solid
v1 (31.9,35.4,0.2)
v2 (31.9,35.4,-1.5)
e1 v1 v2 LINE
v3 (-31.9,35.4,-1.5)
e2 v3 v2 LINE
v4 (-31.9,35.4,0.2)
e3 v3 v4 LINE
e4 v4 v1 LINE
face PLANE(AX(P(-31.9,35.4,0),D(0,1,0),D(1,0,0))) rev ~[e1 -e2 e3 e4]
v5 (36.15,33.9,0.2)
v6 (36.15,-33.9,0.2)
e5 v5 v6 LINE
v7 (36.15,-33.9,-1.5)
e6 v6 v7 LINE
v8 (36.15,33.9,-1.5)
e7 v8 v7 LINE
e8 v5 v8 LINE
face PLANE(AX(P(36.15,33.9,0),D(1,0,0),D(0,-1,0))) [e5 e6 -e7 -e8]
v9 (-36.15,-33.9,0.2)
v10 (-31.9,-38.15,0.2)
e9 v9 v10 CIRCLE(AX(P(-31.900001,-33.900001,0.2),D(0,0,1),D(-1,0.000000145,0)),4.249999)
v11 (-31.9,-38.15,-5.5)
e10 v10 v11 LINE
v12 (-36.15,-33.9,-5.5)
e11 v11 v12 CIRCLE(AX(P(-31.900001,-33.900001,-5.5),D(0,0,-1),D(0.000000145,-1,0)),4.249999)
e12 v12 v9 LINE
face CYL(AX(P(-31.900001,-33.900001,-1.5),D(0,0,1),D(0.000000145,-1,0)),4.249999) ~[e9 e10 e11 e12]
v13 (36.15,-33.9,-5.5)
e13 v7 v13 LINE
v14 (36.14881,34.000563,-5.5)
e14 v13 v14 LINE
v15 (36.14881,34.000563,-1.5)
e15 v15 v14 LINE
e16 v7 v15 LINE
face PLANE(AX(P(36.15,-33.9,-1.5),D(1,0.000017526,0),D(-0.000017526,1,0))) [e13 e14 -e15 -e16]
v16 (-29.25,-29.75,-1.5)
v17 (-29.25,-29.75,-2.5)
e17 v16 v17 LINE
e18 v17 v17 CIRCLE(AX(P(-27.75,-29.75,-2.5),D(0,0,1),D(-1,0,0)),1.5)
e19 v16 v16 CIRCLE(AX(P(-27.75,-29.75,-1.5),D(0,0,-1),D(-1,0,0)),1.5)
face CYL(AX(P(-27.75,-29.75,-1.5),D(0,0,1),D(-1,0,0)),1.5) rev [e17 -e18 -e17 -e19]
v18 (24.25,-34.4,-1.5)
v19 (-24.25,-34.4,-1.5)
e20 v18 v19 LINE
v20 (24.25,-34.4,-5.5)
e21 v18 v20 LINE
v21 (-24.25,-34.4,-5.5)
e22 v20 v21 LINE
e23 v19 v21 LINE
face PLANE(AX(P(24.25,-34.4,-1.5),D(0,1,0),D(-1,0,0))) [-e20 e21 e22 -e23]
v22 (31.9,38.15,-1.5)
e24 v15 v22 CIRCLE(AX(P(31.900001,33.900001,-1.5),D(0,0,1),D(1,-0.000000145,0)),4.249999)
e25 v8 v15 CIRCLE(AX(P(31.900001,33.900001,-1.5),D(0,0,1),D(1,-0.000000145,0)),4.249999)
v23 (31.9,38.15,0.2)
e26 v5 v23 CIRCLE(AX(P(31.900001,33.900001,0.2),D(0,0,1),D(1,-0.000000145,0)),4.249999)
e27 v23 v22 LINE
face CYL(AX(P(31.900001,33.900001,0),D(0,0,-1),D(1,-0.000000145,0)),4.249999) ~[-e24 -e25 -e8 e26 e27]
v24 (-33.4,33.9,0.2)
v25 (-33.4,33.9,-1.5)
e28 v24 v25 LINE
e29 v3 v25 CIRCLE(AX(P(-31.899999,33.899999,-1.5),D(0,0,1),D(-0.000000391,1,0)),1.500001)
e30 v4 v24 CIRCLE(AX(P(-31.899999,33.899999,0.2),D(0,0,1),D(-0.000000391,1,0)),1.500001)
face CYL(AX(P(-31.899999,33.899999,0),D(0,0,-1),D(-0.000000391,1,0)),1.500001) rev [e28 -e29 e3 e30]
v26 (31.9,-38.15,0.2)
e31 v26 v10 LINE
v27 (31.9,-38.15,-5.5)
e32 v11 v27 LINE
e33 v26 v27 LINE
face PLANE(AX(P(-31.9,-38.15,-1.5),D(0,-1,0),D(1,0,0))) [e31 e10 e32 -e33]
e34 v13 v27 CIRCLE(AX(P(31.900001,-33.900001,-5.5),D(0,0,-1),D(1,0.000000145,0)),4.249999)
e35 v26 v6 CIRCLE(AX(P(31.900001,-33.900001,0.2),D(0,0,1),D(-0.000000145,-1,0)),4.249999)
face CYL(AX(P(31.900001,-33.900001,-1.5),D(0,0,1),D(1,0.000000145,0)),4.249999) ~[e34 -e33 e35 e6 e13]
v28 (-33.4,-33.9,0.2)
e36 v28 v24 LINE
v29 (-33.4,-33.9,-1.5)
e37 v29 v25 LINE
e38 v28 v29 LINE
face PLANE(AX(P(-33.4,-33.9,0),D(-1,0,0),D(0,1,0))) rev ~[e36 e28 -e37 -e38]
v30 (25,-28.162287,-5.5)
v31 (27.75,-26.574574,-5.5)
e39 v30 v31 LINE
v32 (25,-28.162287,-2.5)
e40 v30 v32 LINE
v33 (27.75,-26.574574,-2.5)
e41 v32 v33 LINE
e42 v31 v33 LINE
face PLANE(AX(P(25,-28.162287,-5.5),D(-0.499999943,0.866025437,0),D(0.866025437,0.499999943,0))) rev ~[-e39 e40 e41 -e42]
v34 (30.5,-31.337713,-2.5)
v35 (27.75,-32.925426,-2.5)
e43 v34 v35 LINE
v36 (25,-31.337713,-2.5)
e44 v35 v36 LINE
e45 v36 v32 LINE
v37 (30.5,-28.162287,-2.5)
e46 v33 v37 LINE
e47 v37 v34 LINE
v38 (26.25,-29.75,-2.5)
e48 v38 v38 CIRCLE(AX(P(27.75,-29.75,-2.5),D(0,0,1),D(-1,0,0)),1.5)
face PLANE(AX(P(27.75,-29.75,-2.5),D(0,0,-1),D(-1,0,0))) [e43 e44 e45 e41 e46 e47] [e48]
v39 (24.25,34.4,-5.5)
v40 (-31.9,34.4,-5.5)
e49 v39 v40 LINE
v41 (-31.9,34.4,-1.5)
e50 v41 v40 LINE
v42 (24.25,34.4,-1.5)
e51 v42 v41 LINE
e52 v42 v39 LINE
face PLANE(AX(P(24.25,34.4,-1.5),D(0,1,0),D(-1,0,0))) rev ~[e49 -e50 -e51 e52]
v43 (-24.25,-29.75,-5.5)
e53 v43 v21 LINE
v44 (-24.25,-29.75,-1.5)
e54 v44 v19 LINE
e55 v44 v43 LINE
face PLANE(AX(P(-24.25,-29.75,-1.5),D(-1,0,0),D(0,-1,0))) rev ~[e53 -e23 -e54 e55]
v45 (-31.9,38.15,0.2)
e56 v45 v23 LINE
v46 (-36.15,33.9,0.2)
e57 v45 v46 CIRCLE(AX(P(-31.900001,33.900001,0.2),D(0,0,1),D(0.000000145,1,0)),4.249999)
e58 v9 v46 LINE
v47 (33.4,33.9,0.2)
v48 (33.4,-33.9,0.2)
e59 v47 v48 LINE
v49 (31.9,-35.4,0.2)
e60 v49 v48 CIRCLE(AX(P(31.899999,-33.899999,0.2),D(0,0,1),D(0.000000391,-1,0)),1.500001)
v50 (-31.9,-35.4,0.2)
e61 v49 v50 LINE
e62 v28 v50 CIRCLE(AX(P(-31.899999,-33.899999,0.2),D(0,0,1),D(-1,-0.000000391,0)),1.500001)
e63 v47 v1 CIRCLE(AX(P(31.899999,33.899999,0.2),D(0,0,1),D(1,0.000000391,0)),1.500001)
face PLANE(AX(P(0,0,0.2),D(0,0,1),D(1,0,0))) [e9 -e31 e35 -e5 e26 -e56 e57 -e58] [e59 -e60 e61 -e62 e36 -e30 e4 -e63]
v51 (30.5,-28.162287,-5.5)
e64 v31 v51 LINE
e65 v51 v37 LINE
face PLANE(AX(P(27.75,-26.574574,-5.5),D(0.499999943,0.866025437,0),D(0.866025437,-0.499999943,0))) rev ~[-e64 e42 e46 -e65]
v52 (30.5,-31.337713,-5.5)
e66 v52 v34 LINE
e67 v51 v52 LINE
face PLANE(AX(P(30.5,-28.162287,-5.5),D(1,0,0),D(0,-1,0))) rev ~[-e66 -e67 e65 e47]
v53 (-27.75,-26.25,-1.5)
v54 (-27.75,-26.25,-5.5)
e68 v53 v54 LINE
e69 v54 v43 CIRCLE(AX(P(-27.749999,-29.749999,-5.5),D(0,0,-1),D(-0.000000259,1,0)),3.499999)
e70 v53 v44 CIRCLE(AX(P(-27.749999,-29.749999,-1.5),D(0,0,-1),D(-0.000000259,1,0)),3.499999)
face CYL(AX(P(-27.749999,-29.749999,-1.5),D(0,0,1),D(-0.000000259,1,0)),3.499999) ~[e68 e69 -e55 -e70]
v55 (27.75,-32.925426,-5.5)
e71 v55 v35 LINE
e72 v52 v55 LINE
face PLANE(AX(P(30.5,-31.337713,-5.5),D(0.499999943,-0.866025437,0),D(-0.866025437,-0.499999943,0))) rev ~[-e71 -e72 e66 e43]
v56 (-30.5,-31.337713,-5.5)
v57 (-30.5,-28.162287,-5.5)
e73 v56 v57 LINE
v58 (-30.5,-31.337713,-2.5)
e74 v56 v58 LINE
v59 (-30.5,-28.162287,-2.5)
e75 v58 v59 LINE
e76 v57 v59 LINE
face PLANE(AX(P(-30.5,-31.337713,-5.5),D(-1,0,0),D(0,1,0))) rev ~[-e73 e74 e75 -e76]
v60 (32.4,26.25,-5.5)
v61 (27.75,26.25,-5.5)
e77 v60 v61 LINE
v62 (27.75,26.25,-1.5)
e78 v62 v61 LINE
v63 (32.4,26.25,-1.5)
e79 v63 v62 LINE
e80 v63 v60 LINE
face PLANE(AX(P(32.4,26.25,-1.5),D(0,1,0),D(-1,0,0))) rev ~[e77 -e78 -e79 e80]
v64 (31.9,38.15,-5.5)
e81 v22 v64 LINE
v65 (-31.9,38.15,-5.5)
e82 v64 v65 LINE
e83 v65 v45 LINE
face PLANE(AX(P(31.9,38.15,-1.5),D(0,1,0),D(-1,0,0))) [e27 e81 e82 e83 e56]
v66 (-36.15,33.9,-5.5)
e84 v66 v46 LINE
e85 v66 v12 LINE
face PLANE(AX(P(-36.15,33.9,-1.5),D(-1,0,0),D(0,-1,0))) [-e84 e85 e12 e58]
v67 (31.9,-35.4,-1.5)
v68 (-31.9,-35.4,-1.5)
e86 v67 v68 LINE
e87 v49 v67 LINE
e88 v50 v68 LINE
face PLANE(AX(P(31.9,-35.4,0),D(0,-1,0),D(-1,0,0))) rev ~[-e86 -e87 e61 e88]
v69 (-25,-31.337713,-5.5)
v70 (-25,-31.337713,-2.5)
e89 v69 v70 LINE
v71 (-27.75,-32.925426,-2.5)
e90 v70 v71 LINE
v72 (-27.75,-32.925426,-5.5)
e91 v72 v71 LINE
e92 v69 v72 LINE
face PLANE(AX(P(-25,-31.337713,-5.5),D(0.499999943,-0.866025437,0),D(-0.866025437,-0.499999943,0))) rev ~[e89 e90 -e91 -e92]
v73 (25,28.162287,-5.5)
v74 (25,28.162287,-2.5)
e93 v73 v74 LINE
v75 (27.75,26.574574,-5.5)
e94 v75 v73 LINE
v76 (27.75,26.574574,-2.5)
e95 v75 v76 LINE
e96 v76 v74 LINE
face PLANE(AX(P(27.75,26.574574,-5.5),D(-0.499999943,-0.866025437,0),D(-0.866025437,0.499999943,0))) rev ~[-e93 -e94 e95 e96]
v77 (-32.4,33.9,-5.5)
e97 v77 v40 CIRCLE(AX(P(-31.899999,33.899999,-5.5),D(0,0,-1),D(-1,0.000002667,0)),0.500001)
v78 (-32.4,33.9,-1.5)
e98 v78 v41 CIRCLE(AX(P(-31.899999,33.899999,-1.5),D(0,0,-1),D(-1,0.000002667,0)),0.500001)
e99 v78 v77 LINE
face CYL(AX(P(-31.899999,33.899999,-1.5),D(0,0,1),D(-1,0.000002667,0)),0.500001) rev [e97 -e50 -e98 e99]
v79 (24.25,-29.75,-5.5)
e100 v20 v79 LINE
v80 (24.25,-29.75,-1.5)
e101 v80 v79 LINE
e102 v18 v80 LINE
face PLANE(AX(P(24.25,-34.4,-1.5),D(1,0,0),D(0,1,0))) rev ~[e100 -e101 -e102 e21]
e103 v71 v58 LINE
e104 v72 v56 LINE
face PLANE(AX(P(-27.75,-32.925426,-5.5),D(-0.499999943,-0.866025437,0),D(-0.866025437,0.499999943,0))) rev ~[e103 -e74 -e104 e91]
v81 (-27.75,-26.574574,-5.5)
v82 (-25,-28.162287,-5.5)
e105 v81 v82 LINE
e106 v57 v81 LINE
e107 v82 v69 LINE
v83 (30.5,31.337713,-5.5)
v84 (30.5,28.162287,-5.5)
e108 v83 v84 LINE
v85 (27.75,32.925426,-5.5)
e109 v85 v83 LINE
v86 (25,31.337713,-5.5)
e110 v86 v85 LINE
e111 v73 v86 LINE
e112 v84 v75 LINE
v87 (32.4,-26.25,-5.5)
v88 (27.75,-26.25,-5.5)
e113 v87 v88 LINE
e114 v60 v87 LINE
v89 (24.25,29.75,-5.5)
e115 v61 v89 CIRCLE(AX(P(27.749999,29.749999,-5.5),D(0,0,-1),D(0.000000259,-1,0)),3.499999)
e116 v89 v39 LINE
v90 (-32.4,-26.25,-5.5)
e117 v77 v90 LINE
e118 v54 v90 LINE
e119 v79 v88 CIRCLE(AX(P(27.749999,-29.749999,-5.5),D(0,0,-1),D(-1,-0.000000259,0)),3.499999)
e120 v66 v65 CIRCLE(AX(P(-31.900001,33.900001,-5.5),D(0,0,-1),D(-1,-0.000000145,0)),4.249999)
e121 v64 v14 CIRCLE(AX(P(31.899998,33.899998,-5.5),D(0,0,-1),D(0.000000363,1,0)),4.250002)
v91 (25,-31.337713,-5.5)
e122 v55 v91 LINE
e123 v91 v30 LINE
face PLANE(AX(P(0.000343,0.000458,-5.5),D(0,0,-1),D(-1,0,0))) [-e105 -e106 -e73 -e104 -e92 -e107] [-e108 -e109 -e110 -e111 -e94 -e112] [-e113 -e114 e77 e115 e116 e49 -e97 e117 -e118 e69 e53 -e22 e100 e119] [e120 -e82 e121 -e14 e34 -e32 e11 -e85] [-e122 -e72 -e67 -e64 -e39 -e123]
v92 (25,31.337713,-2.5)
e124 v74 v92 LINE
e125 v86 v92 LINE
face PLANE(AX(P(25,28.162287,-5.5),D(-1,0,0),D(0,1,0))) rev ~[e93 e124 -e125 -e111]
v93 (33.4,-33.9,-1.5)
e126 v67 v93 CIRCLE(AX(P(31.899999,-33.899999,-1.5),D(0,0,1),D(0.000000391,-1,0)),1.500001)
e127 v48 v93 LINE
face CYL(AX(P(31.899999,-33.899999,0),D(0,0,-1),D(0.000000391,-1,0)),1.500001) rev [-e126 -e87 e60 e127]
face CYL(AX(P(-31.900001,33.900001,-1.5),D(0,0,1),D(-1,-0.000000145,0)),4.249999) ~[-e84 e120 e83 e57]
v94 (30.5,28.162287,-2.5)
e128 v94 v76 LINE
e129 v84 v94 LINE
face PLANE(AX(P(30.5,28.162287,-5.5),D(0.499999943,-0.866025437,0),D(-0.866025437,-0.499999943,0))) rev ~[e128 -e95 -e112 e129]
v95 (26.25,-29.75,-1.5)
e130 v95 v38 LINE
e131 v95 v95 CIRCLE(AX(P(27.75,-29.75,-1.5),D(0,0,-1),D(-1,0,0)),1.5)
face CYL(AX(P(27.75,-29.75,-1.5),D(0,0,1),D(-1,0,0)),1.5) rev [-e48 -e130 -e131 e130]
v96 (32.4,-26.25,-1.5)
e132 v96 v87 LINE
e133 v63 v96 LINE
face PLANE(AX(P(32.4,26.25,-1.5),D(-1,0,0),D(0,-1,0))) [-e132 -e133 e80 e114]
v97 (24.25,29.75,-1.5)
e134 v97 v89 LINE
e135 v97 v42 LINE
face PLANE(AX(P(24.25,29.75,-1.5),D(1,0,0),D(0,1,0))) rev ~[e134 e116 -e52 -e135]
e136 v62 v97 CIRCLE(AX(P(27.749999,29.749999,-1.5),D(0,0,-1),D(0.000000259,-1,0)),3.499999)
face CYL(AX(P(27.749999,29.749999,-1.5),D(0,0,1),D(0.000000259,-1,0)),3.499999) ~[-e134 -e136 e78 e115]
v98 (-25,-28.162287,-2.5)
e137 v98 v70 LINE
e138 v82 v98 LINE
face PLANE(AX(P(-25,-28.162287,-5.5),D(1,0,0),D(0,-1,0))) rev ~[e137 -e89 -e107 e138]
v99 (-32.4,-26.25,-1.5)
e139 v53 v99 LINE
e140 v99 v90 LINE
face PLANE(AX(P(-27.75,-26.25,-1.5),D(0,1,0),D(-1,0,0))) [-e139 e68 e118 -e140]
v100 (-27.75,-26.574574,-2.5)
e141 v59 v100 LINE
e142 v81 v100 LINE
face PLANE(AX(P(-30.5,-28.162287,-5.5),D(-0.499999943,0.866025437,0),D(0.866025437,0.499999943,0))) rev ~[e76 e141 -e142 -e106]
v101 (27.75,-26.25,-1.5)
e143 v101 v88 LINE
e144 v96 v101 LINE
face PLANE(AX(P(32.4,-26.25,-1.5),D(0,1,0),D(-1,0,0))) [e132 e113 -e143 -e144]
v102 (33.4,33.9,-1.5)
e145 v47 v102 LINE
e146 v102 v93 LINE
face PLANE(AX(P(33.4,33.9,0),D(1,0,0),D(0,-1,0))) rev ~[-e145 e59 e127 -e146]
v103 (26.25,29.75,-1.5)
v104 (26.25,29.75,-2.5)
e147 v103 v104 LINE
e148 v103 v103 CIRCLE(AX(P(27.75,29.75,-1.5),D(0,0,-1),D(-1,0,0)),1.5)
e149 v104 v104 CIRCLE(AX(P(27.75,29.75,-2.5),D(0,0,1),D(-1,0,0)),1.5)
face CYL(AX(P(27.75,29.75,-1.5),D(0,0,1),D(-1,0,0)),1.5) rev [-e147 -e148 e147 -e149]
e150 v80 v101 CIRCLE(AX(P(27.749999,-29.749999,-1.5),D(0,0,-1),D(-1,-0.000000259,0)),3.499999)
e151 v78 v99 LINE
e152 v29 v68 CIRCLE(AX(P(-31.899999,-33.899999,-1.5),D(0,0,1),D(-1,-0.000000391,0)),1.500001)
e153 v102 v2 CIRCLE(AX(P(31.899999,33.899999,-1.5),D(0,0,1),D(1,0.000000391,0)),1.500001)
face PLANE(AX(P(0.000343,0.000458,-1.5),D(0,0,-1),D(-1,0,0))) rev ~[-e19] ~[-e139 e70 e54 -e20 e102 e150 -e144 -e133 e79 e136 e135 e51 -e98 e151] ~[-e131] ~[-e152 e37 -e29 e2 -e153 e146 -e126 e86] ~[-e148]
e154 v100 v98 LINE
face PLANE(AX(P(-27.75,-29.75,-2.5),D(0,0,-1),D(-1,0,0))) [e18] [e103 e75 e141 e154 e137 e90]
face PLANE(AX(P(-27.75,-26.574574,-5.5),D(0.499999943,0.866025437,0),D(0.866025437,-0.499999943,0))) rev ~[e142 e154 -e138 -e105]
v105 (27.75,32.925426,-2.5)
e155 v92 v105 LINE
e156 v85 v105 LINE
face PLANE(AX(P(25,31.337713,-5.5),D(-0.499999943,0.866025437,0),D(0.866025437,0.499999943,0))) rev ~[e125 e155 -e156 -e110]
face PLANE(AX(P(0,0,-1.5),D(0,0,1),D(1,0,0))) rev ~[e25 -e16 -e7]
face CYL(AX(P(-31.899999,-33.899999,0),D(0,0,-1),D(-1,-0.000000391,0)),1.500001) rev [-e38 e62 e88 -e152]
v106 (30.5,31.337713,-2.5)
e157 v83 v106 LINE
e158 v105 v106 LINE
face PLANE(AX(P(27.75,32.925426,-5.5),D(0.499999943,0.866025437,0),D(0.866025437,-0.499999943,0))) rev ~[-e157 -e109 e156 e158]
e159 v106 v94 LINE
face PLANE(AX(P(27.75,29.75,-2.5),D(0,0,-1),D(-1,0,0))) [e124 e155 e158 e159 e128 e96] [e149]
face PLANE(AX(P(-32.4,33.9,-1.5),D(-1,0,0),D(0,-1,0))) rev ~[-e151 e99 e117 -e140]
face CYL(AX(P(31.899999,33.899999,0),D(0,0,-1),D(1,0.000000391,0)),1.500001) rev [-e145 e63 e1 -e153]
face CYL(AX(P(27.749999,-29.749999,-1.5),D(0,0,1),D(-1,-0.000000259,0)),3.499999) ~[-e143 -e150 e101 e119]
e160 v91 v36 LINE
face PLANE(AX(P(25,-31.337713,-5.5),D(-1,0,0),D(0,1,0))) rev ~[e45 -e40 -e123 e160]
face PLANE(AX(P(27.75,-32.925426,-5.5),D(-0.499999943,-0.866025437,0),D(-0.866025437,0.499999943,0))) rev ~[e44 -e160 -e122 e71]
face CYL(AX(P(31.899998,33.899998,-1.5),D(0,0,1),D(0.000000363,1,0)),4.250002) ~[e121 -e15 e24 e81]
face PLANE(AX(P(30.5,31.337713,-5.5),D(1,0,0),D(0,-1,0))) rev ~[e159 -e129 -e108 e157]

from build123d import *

# Parameters (mm, degrees)
PAD007_DEPTH      = 1.5
PAD007_DEPTH_BACK = 0.2
SKETCH008_R       = 1.5
PAD008_DEPTH      = 4
POCKET006_DEPTH   = 3


with BuildPart() as part:
    # Sketch007 → Pad007 (new body, two sides)
    with BuildSketch(Plane.XY) as pad007_sk:
        with BuildLine():
            ThreePointArc((-31.9, 38.15), (-34.905204, 36.905204), (-36.15, 33.9))
            Line((-36.15, -33.9), (-36.15, 33.9))
            ThreePointArc((-36.15, -33.9), (-34.905204, -36.905204), (-31.9, -38.15))
            Line((31.9, -38.15), (-31.9, -38.15))
            ThreePointArc((31.9, -38.15), (34.905204, -36.905204), (36.15, -33.9))
            Line((36.15, 33.9), (36.15, -33.9))
            ThreePointArc((36.15, 33.9), (34.905204, 36.905204), (31.9, 38.15))
            Line((-31.9, 38.15), (31.9, 38.15))
        make_face()
        with BuildLine():
            ThreePointArc((-31.9, 35.4), (-32.96066, 34.96066), (-33.4, 33.9))
            Line((-33.4, -33.9), (-33.4, 33.9))
            ThreePointArc((-33.4, -33.9), (-32.96066, -34.96066), (-31.9, -35.4))
            Line((31.9, -35.4), (-31.9, -35.4))
            ThreePointArc((31.9, -35.4), (32.96066, -34.96066), (33.4, -33.9))
            Line((33.4, 33.9), (33.4, -33.9))
            ThreePointArc((33.4, 33.9), (32.96066, 34.96066), (31.9, 35.4))
            Line((-31.9, 35.4), (31.9, 35.4))
        make_face(mode=Mode.SUBTRACT)
    extrude(amount=-PAD007_DEPTH)
    extrude(pad007_sk.sketch, amount=PAD007_DEPTH_BACK)

    # Sketch008 → Pad008 (join)
    with BuildSketch(Plane(origin=(0, 0, -1.5), x_dir=(-1, 0, 0), z_dir=(0, 0, -1))):
        with BuildLine():
            ThreePointArc((-31.9, 38.15), (-34.869436, 36.94055), (-36.14881, 34.000563))
            Line((-36.15, -33.9), (-36.14881, 34.000563))
            ThreePointArc((-36.15, -33.9), (-34.905204, -36.905204), (-31.9, -38.15))
            Line((31.9, -38.15), (-31.9, -38.15))
            ThreePointArc((31.9, -38.15), (34.905204, -36.905204), (36.15, -33.9))
            Line((36.15, 33.9), (36.15, -33.9))
            ThreePointArc((36.15, 33.9), (34.905204, 36.905204), (31.9, 38.15))
            Line((-31.9, 38.15), (31.9, 38.15))
        make_face()
        with Locations((-27.75, 29.75)):
            Circle(SKETCH008_R, mode=Mode.SUBTRACT)
        with Locations((-27.75, -29.75)):
            Circle(SKETCH008_R, mode=Mode.SUBTRACT)
        with Locations((27.75, -29.75)):
            Circle(SKETCH008_R, mode=Mode.SUBTRACT)
        with BuildLine():
            ThreePointArc((-27.75, 26.25), (-25.275126, 27.275126), (-24.25, 29.75))
            Line((-24.25, 29.75), (-24.25, 34.4))
            Line((-24.25, 34.4), (31.9, 34.4))
            ThreePointArc((32.4, 33.9), (32.253553, 34.253553), (31.9, 34.4))
            Line((32.4, 33.9), (32.4, -26.25))
            Line((27.75, -26.25), (32.4, -26.25))
            ThreePointArc((27.75, -26.25), (25.275126, -27.275126), (24.25, -29.75))
            Line((24.25, -29.75), (24.25, -34.4))
            Line((-24.25, -34.4), (24.25, -34.4))
            Line((-24.25, -34.4), (-24.25, -29.75))
            ThreePointArc((-24.25, -29.75), (-25.275126, -27.275126), (-27.75, -26.25))
            Line((-32.4, -26.25), (-27.75, -26.25))
            Line((-32.4, 26.25), (-32.4, -26.25))
            Line((-32.4, 26.25), (-27.75, 26.25))
        make_face(mode=Mode.SUBTRACT)
    extrude(amount=PAD008_DEPTH)

    # Sketch021 → Pocket006 (cut)
    with BuildSketch(Plane(origin=(0, 0, -5.5), x_dir=(-1, 0, 0), z_dir=(0, 0, -1))):
        Polygon((-25, 28.162287), (-25, 31.337713), (-27.75, 32.925426), (-30.5, 31.337713), (-30.5, 28.162287), (-27.75, 26.574574), align=None)
        Polygon((-25, -31.337713), (-25, -28.162287), (-27.75, -26.574574), (-30.5, -28.162287), (-30.5, -31.337713), (-27.75, -32.925426), align=None)
        Polygon((30.5, -31.337713), (30.5, -28.162287), (27.75, -26.574574), (25, -28.162287), (25, -31.337713), (27.75, -32.925426), align=None)
    extrude(amount=-POCKET006_DEPTH, mode=Mode.SUBTRACT)


solid = part.part
